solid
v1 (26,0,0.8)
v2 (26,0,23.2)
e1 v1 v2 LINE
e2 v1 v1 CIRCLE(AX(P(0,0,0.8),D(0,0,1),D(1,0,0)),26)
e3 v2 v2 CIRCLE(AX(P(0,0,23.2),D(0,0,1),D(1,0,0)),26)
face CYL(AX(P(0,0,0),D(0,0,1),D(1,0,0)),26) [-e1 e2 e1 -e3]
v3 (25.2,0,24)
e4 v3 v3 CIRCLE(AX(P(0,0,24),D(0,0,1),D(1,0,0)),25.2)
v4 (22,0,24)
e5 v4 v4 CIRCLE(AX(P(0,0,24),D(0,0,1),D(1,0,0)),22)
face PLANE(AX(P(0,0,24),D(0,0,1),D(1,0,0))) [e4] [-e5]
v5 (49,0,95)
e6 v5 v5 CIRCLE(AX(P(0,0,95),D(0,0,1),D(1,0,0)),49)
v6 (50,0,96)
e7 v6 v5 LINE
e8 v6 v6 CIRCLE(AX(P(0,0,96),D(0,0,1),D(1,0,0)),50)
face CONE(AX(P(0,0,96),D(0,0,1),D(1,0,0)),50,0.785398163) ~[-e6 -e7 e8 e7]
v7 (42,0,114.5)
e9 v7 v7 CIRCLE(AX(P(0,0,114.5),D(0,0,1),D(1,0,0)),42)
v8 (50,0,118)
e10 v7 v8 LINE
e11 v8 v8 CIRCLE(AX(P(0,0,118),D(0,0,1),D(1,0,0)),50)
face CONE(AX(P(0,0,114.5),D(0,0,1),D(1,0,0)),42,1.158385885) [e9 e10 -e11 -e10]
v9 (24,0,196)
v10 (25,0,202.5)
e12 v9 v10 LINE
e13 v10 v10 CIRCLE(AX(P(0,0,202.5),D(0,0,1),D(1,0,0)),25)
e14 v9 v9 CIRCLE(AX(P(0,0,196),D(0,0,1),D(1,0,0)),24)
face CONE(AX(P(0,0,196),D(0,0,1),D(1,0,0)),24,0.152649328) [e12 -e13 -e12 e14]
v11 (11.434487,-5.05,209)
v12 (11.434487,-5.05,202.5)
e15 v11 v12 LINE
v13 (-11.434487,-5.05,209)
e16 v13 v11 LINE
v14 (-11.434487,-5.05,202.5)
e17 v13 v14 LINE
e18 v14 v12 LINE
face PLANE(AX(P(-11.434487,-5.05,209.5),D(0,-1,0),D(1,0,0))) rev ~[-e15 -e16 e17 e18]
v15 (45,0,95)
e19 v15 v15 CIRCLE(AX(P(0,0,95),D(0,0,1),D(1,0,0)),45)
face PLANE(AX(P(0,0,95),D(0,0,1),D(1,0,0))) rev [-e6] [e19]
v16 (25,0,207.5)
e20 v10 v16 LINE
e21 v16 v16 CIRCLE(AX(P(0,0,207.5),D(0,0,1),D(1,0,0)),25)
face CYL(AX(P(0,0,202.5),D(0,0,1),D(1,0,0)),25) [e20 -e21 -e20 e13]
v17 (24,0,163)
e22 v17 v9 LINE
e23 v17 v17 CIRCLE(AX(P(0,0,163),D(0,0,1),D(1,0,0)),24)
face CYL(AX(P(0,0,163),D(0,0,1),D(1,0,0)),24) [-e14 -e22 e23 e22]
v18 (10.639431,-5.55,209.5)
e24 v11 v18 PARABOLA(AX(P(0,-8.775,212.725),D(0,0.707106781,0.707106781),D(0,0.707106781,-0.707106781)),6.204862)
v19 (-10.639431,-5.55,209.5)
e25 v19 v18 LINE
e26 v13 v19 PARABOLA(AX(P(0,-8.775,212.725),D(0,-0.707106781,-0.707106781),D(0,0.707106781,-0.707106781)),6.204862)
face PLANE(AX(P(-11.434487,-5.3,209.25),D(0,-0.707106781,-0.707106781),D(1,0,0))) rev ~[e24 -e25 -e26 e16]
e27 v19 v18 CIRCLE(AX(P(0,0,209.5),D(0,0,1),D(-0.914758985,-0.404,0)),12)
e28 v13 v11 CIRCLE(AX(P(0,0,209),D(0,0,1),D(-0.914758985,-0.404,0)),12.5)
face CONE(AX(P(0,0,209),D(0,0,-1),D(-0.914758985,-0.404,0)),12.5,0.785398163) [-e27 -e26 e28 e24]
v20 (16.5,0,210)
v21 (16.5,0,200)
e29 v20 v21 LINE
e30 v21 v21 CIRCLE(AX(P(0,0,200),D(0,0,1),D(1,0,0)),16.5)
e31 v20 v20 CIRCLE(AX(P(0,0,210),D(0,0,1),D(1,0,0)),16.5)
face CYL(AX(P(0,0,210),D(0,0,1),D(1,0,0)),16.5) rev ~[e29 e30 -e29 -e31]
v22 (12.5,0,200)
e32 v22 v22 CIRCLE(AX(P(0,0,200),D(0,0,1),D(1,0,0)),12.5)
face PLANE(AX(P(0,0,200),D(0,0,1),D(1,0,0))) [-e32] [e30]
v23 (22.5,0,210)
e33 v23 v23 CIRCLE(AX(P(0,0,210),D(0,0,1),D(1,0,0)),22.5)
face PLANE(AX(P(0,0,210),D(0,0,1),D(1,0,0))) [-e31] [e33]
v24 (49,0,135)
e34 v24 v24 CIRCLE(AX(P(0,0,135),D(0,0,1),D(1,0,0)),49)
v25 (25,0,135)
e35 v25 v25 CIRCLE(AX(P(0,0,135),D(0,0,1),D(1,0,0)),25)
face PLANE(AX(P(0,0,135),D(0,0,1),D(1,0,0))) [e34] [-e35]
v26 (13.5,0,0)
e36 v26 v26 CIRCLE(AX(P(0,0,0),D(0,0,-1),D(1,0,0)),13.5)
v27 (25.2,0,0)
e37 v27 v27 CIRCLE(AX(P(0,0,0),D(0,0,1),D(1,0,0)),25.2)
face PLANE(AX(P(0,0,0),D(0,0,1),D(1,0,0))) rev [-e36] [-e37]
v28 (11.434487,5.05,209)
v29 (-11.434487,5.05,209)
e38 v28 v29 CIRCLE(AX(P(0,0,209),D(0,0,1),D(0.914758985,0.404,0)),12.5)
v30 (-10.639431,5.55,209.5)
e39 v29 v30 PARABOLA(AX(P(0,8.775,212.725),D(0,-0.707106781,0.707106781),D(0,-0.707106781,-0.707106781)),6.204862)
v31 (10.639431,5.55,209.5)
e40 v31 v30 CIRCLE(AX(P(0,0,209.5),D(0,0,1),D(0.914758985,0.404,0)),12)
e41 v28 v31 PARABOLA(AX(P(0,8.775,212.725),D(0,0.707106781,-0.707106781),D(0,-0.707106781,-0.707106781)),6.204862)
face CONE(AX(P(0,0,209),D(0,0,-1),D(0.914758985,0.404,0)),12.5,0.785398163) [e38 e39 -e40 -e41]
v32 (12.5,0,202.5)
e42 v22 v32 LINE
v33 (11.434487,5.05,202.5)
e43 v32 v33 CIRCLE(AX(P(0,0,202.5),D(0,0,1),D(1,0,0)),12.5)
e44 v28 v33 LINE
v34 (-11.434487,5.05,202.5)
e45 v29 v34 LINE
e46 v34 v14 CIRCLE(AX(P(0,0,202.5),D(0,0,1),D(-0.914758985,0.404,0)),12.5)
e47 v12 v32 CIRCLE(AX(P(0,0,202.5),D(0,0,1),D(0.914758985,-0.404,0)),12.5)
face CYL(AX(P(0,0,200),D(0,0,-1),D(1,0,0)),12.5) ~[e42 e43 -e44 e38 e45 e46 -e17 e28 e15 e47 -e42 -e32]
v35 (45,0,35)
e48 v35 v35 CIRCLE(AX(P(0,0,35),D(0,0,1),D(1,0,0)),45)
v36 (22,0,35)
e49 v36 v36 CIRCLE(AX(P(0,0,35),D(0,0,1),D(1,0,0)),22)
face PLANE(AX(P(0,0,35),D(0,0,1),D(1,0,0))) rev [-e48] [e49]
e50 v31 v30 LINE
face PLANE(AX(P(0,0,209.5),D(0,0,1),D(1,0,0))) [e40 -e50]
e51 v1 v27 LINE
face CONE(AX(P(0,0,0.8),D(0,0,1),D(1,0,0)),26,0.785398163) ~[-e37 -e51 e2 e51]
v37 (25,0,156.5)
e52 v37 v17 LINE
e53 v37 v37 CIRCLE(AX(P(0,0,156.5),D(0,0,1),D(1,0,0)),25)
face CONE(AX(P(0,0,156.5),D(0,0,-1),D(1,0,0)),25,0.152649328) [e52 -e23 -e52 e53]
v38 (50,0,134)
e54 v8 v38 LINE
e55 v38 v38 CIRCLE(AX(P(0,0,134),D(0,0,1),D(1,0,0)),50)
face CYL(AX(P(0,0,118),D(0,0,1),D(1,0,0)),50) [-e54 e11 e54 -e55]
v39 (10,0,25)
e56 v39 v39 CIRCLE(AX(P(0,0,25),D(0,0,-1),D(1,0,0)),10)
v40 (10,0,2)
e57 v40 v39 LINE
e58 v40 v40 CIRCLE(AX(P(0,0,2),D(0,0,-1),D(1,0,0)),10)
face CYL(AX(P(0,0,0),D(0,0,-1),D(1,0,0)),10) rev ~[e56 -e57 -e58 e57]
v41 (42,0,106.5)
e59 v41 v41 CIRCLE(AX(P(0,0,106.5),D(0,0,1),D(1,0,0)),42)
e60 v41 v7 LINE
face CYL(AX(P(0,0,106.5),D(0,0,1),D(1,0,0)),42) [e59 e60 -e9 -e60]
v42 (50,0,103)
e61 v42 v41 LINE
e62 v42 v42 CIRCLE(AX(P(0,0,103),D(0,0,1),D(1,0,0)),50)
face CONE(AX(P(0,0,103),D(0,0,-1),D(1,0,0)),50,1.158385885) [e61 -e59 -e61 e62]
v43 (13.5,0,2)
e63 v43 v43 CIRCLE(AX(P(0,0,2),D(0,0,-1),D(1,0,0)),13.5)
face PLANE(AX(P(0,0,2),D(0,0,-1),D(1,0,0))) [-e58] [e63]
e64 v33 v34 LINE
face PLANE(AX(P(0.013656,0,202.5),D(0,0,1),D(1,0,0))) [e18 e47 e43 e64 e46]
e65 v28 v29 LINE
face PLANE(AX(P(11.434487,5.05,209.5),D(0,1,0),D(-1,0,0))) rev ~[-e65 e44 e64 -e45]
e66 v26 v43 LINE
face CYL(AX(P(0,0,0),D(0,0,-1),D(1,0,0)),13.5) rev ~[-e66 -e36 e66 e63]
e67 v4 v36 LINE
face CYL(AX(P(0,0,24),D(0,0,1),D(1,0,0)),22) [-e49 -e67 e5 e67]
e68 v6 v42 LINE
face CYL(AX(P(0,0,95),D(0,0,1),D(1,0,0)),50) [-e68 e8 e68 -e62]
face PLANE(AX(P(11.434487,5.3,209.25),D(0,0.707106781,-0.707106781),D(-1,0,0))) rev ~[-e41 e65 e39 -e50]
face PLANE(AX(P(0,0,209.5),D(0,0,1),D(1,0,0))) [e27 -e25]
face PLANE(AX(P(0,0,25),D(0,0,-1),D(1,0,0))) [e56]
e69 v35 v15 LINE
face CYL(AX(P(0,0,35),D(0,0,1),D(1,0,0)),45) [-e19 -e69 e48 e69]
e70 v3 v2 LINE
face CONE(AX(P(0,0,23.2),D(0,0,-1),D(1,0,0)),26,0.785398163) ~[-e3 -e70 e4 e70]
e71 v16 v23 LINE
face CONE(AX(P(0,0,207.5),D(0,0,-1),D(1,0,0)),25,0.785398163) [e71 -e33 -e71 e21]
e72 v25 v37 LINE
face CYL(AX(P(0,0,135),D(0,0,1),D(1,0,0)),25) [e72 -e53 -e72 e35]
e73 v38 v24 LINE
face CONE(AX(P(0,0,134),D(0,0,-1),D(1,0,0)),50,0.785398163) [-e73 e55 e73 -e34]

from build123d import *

# Parameters (mm, degrees)
F2_R      = 13.5
F2_R_2    = 10
F3_DEPTH  = 2
F4_DEPTH  = 25
F5_R      = 16.5
F6_DEPTH  = 10
F7_R      = 12.5
F8_DEPTH  = 9.5
F10_DEPTH = 7
F11_SIZE  = 0.5
F12_SIZE  = 1
F13_SIZE  = 0.8


with BuildPart() as f1:
    # F0 (on Front) → F1 (revolve)
    with BuildSketch(Plane.XZ):
        Polygon((0, 210), (0, 0), (26, 0), (26, 24), (22, 24), (22, 35), (45, 35), (45, 95), (50, 95), (50, 103), (42, 106.5), (42, 114.5), (50, 118), (50, 134), (49, 135), (25, 135), (25, 156.5), (24, 163), (24, 196), (25, 202.5), (25, 207.5), (22.5, 210), align=None)
    revolve(axis=Axis((0, 0, 105), (0, 0, 1)))

    # F2 (on face) → F3 (cut)
    with BuildSketch(Plane(origin=(0, 0, 0), x_dir=(1, 0, 0), z_dir=(0, 0, -1))):
        Circle(F2_R)
        Circle(F2_R_2, mode=Mode.SUBTRACT)
    extrude(amount=-F3_DEPTH, mode=Mode.SUBTRACT)

    # F2 (on face) → F4 (cut)
    with BuildSketch(Plane(origin=(0, 0, 0), x_dir=(1, 0, 0), z_dir=(0, 0, -1))):
        Circle(F2_R_2)
    extrude(amount=-F4_DEPTH, mode=Mode.SUBTRACT)

    # F5 (on face) → F6 (cut)
    with BuildSketch(Plane.XY.offset(210)):
        Circle(F5_R)
    extrude(amount=-F6_DEPTH, mode=Mode.SUBTRACT)

    # F7 (on face) → F8 (join)
    with BuildSketch(Plane.XY.offset(200)):
        Circle(F7_R)
    extrude(amount=F8_DEPTH)

    # F9 (on face) → F10 (cut)
    with BuildSketch(Plane.XY.offset(209.5)):
        with BuildLine():
            ThreePointArc((12.5, 0), (12.2307213882, 2.5805918554), (11.4344873081, 5.05))
            Line((11.4344873081, 5.05), (-11.4344873081, 5.05))
            ThreePointArc((-11.4344873081, 5.05), (-12.5, 0), (-11.4344873081, -5.05))
            Line((-11.4344873081, -5.05), (11.4344873081, -5.05))
            ThreePointArc((11.4344873081, -5.05), (12.2307213882, -2.5805918554), (12.5, 0))
        make_face()
    extrude(amount=-F10_DEPTH, mode=Mode.SUBTRACT)

    # F11
    f11_edges = [f1.edges().sort_by_distance(p)[0] for p in [
        (0, 5.05, 209.5),
        (0, 12.5, 209.5),
        (0, -12.5, 209.5),
        (0, -5.05, 209.5),
    ]]
    chamfer(f11_edges, length=F11_SIZE)

    # F12
    f12_edges = [f1.edges().sort_by_distance(p)[0] for p in [
        (-50, 0, 95),
    ]]
    chamfer(f12_edges, length=F12_SIZE)

    # F13
    f13_edges = [f1.edges().sort_by_distance(p)[0] for p in [
        (-26, 0, 24),
        (-26, 0, 0),
    ]]
    chamfer(f13_edges, length=F13_SIZE)


solid = f1.part
